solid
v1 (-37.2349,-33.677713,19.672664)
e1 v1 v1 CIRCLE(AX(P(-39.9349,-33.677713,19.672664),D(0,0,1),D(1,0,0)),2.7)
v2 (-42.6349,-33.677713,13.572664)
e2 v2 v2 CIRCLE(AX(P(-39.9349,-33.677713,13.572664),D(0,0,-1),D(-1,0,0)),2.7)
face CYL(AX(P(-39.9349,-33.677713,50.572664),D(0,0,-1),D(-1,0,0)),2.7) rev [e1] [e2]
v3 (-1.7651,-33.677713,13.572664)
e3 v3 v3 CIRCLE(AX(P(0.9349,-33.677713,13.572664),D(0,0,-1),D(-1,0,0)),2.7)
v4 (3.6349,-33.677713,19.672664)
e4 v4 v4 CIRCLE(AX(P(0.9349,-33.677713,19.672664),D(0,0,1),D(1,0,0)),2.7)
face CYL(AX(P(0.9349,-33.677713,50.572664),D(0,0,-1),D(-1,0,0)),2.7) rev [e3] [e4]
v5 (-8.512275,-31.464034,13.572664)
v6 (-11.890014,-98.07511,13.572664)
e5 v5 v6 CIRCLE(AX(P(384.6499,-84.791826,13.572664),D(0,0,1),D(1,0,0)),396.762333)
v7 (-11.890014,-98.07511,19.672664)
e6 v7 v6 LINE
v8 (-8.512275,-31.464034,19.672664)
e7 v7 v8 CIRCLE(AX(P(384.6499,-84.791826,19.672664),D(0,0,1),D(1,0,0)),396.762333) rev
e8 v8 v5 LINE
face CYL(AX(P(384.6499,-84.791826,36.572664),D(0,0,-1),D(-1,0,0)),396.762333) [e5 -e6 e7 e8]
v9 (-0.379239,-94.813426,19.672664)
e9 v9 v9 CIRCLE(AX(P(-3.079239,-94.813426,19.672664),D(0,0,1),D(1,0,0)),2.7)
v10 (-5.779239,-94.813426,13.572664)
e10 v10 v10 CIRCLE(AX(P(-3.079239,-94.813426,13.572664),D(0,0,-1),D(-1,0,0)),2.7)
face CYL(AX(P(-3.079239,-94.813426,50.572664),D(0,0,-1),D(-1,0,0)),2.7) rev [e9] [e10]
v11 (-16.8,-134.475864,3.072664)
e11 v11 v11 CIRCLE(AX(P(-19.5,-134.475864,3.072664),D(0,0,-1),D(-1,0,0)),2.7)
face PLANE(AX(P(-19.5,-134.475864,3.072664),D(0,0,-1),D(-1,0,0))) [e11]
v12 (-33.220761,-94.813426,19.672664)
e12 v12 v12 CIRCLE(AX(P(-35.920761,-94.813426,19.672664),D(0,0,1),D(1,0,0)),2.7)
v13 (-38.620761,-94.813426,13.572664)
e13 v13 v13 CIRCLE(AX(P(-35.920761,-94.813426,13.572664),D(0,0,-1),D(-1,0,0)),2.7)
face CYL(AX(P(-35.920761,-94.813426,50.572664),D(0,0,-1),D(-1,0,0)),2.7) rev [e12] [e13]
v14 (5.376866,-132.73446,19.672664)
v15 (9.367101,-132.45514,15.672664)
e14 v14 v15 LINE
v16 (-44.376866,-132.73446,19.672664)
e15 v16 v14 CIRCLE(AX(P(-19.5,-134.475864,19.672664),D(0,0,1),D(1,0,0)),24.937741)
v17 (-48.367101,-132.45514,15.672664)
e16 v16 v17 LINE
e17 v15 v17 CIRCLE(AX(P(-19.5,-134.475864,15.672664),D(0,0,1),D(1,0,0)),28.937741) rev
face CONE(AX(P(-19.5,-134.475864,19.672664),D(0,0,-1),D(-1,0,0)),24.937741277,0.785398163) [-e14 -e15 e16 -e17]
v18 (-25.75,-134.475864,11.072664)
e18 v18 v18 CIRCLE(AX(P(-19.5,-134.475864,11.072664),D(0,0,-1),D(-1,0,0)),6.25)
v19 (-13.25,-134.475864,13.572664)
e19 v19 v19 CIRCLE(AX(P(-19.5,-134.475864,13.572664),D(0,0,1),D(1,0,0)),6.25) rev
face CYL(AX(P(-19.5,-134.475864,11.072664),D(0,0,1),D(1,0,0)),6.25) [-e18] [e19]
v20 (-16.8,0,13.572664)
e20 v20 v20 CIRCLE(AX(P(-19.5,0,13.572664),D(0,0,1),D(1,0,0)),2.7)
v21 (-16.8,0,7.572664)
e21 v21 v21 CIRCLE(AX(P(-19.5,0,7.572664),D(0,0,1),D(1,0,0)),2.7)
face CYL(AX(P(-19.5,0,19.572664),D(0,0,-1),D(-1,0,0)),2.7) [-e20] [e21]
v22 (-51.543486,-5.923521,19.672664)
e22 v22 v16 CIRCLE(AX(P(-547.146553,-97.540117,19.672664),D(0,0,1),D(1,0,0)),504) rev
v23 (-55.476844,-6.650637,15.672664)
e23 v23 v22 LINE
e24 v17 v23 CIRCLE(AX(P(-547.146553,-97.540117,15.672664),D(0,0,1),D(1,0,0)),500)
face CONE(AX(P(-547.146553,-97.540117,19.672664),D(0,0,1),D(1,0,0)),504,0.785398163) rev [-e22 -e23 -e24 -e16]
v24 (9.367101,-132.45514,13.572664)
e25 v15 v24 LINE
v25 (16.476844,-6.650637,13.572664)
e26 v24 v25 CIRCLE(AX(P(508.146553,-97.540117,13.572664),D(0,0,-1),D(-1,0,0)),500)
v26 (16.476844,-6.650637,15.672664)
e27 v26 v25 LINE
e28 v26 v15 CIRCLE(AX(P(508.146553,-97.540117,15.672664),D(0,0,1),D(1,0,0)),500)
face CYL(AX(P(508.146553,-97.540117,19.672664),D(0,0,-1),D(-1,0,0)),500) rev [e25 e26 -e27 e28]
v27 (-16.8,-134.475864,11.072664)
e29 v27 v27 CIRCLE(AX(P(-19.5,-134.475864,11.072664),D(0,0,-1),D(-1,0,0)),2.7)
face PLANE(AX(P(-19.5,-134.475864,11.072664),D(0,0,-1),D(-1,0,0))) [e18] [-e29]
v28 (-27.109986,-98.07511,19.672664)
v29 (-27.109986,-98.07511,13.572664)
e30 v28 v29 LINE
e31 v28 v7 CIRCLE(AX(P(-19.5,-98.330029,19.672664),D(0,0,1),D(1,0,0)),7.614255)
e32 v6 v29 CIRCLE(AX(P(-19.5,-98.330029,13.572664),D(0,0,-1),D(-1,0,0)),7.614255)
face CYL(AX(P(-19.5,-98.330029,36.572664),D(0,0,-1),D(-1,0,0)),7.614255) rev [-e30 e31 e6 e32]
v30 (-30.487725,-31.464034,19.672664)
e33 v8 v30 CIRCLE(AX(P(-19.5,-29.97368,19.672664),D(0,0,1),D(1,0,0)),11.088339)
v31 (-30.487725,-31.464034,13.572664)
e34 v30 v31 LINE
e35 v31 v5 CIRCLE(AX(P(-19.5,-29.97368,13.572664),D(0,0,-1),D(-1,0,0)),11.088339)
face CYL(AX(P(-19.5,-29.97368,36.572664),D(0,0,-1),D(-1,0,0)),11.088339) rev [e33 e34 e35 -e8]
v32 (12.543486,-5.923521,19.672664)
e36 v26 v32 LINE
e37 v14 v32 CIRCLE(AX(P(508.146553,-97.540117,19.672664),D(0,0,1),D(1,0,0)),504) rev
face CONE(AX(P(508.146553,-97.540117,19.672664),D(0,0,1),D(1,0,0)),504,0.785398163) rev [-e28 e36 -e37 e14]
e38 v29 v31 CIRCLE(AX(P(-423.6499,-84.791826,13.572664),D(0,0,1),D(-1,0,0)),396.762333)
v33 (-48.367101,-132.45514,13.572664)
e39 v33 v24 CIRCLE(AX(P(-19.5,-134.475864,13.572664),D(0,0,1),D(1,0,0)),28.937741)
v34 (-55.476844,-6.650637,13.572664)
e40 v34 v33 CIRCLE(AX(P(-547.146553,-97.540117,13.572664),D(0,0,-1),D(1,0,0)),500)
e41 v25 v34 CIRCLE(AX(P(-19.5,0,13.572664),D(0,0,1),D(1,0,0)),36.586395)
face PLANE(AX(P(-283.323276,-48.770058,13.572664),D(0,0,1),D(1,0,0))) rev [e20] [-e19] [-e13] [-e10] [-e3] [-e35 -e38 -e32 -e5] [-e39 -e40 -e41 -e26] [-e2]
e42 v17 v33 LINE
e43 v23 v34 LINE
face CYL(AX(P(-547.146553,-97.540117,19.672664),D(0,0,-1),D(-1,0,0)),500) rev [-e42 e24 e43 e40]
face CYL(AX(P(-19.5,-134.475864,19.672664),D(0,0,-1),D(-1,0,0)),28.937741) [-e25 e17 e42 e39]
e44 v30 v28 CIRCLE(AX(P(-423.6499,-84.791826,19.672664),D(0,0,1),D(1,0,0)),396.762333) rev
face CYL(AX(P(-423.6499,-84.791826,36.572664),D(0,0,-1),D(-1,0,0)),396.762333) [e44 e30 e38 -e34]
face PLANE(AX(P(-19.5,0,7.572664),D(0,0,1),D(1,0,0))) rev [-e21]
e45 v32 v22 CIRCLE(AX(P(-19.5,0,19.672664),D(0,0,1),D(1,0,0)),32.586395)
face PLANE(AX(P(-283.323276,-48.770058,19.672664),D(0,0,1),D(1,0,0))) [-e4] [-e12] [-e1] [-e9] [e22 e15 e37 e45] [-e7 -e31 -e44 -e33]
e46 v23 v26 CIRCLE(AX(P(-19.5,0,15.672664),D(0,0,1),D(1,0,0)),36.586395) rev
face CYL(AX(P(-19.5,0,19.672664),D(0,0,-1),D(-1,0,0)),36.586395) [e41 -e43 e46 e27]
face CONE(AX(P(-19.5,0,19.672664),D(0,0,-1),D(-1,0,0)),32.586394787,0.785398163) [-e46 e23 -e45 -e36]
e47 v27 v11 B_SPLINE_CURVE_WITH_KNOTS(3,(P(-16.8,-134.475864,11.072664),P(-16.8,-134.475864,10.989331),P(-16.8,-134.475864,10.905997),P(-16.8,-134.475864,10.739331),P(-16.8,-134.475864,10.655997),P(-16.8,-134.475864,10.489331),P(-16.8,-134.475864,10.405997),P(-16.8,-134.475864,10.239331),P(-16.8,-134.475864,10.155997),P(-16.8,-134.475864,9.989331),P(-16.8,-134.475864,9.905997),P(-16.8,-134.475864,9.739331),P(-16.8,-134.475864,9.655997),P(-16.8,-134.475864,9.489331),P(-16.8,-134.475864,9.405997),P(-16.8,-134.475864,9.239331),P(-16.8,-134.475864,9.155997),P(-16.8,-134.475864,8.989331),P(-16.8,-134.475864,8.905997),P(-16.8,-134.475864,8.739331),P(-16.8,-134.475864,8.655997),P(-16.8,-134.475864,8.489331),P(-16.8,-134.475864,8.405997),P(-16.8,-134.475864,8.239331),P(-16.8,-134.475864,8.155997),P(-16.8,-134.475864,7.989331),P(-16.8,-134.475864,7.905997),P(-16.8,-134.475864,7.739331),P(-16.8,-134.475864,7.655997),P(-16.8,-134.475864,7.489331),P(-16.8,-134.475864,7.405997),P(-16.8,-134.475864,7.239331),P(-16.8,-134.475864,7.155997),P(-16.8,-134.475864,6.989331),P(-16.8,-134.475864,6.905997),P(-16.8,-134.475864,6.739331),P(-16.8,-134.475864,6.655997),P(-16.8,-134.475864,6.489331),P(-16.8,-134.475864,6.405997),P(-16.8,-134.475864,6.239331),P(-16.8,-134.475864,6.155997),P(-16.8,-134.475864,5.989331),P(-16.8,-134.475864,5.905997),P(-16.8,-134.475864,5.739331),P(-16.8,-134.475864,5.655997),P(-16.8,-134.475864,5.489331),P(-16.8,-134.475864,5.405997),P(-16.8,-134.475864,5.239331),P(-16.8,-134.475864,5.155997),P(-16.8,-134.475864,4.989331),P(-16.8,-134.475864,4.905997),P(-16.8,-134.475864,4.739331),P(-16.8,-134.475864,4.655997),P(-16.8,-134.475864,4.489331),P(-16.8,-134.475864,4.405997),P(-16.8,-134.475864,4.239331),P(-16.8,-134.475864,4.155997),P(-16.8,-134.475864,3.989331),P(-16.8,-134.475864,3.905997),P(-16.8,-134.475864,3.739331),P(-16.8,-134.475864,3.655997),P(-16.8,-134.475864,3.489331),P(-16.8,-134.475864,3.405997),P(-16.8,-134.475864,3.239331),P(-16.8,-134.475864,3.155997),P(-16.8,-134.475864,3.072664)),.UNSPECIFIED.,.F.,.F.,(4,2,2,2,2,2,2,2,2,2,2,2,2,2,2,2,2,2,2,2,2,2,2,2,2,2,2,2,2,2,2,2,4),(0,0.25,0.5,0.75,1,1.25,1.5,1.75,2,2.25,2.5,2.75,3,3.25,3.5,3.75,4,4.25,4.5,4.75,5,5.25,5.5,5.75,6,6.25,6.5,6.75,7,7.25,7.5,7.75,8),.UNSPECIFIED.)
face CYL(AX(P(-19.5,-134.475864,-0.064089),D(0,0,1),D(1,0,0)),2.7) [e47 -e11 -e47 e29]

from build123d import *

# Parameters (mm, degrees)
BOSS_EXTRUDE1_DEPTH      = 7
BOSS_EXTRUDE1_DEPTH_BACK = 5
SKETCH2_R                = 2.7
BOSS_EXTRUDE3_DEPTH      = 0.1
BOSS_EXTRUDE3_DEPTH_BACK = 6
CHAMFER1_SIZE            = 4
SKETCH5_R                = 2.7
BOSS_EXTRUDE4_DEPTH      = 6
CUT_EXTRUDE1_DEPTH       = 23
SKETCH7_R                = 2.7
CUT_EXTRUDE2_DEPTH       = 37
SKETCH8_R                = 6.25
BOSS_EXTRUDE5_DEPTH      = 2.5
SKETCH9_R                = 2.7
BOSS_EXTRUDE6_DEPTH      = 4.5


with BuildPart() as part:
    # Sketch2 → Boss-Extrude1 (new, two sides: drawn at the far end of the back side and taken through both)
    with BuildSketch(Plane.XY.offset(12.572663867).offset(-BOSS_EXTRUDE1_DEPTH_BACK)):
        with Locations((-19.5, 0)):
            Circle(SKETCH2_R)
    extrude(amount=BOSS_EXTRUDE1_DEPTH + BOSS_EXTRUDE1_DEPTH_BACK)

    # Sketch4 → Boss-Extrude3 (add, two sides: drawn at the far end of the back side and taken through both)
    with BuildSketch(Plane.XY.offset(19.572663867).offset(-BOSS_EXTRUDE3_DEPTH_BACK)):
        with BuildLine():
            ThreePointArc((16.476844134, -6.650636784), (-19.499999999, 36.586394787), (-55.476844134, -6.650636782))
            ThreePointArc((-55.476844134, -6.650636782), (-47.943109392, -69.328026103), (-48.367101444, -132.455140104))
            ThreePointArc((-48.367101444, -132.455140104), (-19.500000007, -163.413605213), (9.36710143, -132.455140104))
            ThreePointArc((9.36710143, -132.455140104), (8.943109385, -69.328026104), (16.476844134, -6.650636784))
        make_face()
    extrude(amount=BOSS_EXTRUDE3_DEPTH + BOSS_EXTRUDE3_DEPTH_BACK)

    # Chamfer1
    chamfer1_edges = [part.edges().sort_by_distance(p)[0] for p in [
        (-47.943109392, -69.328026103, 19.672663867),
        (-19.500000007, -163.413605213, 19.672663867),
        (8.943109385, -69.328026104, 19.672663867),
        (-19.499999999, 36.586394787, 19.672663867),
    ]]
    chamfer(chamfer1_edges, length=CHAMFER1_SIZE)

    # Sketch5 → Boss-Extrude4 (add)
    with BuildSketch(Plane(origin=(0, 0, 13.572663867), x_dir=(-1, 0, 0), z_dir=(0, 0, -1))):
        with Locations(Location((19.500000007, -134.475863937, 0), (0, 0, 180))):
            Circle(SKETCH5_R)
    extrude(amount=BOSS_EXTRUDE4_DEPTH)

    # Sketch6 → Cut-Extrude1 (cut)
    with BuildSketch(Plane(origin=(0, 0, 13.572663867), x_dir=(-1, 0, 0), z_dir=(0, 0, -1))):
        with BuildLine():
            ThreePointArc((30.487725375, -31.464034345), (19.500000001, -18.885340351), (8.512274628, -31.464034345))
            ThreePointArc((8.512274628, -31.464034345), (11.603309463, -64.698470815), (11.890013879, -98.075110316))
            ThreePointArc((11.890013879, -98.075110316), (19.500000005, -105.944284009), (27.109986131, -98.075110316))
            ThreePointArc((27.109986131, -98.075110316), (27.396690544, -64.698470815), (30.487725375, -31.464034345))
        make_face()
    extrude(amount=-CUT_EXTRUDE1_DEPTH, mode=Mode.SUBTRACT)

    # Sketch7 → Cut-Extrude2 (cut)
    with BuildSketch(Plane(origin=(0, 0, 13.572663867), x_dir=(-1, 0, 0), z_dir=(0, 0, -1))):
        with Locations((39.934899894, -33.677713254)):
            Circle(SKETCH7_R)
        with Locations((35.920760732, -94.813426318)):
            Circle(SKETCH7_R)
        with Locations((-0.934899891, -33.677713254)):
            Circle(SKETCH7_R)
        with Locations((3.079239271, -94.813426318)):
            Circle(SKETCH7_R)
    extrude(amount=-CUT_EXTRUDE2_DEPTH, mode=Mode.SUBTRACT)

    # Sketch8 → Boss-Extrude5 (add)
    with BuildSketch(Plane(origin=(0, 0, 13.572663867), x_dir=(-1, 0, 0), z_dir=(0, 0, -1))):
        with Locations(Location((19.500000007, -134.475863937, 0), (0, 0, 180))):
            Circle(SKETCH8_R)
    extrude(amount=BOSS_EXTRUDE5_DEPTH)

    # Sketch9 → Boss-Extrude6 (add)
    with BuildSketch(Plane(origin=(0, 0, 7.572663867), x_dir=(-1, 0, 0), z_dir=(0, 0, -1))):
        with Locations(Location((19.500000007, -134.475863937, 0), (0, 0, 180))):
            Circle(SKETCH9_R)
    extrude(amount=BOSS_EXTRUDE6_DEPTH)


solid = part.part
